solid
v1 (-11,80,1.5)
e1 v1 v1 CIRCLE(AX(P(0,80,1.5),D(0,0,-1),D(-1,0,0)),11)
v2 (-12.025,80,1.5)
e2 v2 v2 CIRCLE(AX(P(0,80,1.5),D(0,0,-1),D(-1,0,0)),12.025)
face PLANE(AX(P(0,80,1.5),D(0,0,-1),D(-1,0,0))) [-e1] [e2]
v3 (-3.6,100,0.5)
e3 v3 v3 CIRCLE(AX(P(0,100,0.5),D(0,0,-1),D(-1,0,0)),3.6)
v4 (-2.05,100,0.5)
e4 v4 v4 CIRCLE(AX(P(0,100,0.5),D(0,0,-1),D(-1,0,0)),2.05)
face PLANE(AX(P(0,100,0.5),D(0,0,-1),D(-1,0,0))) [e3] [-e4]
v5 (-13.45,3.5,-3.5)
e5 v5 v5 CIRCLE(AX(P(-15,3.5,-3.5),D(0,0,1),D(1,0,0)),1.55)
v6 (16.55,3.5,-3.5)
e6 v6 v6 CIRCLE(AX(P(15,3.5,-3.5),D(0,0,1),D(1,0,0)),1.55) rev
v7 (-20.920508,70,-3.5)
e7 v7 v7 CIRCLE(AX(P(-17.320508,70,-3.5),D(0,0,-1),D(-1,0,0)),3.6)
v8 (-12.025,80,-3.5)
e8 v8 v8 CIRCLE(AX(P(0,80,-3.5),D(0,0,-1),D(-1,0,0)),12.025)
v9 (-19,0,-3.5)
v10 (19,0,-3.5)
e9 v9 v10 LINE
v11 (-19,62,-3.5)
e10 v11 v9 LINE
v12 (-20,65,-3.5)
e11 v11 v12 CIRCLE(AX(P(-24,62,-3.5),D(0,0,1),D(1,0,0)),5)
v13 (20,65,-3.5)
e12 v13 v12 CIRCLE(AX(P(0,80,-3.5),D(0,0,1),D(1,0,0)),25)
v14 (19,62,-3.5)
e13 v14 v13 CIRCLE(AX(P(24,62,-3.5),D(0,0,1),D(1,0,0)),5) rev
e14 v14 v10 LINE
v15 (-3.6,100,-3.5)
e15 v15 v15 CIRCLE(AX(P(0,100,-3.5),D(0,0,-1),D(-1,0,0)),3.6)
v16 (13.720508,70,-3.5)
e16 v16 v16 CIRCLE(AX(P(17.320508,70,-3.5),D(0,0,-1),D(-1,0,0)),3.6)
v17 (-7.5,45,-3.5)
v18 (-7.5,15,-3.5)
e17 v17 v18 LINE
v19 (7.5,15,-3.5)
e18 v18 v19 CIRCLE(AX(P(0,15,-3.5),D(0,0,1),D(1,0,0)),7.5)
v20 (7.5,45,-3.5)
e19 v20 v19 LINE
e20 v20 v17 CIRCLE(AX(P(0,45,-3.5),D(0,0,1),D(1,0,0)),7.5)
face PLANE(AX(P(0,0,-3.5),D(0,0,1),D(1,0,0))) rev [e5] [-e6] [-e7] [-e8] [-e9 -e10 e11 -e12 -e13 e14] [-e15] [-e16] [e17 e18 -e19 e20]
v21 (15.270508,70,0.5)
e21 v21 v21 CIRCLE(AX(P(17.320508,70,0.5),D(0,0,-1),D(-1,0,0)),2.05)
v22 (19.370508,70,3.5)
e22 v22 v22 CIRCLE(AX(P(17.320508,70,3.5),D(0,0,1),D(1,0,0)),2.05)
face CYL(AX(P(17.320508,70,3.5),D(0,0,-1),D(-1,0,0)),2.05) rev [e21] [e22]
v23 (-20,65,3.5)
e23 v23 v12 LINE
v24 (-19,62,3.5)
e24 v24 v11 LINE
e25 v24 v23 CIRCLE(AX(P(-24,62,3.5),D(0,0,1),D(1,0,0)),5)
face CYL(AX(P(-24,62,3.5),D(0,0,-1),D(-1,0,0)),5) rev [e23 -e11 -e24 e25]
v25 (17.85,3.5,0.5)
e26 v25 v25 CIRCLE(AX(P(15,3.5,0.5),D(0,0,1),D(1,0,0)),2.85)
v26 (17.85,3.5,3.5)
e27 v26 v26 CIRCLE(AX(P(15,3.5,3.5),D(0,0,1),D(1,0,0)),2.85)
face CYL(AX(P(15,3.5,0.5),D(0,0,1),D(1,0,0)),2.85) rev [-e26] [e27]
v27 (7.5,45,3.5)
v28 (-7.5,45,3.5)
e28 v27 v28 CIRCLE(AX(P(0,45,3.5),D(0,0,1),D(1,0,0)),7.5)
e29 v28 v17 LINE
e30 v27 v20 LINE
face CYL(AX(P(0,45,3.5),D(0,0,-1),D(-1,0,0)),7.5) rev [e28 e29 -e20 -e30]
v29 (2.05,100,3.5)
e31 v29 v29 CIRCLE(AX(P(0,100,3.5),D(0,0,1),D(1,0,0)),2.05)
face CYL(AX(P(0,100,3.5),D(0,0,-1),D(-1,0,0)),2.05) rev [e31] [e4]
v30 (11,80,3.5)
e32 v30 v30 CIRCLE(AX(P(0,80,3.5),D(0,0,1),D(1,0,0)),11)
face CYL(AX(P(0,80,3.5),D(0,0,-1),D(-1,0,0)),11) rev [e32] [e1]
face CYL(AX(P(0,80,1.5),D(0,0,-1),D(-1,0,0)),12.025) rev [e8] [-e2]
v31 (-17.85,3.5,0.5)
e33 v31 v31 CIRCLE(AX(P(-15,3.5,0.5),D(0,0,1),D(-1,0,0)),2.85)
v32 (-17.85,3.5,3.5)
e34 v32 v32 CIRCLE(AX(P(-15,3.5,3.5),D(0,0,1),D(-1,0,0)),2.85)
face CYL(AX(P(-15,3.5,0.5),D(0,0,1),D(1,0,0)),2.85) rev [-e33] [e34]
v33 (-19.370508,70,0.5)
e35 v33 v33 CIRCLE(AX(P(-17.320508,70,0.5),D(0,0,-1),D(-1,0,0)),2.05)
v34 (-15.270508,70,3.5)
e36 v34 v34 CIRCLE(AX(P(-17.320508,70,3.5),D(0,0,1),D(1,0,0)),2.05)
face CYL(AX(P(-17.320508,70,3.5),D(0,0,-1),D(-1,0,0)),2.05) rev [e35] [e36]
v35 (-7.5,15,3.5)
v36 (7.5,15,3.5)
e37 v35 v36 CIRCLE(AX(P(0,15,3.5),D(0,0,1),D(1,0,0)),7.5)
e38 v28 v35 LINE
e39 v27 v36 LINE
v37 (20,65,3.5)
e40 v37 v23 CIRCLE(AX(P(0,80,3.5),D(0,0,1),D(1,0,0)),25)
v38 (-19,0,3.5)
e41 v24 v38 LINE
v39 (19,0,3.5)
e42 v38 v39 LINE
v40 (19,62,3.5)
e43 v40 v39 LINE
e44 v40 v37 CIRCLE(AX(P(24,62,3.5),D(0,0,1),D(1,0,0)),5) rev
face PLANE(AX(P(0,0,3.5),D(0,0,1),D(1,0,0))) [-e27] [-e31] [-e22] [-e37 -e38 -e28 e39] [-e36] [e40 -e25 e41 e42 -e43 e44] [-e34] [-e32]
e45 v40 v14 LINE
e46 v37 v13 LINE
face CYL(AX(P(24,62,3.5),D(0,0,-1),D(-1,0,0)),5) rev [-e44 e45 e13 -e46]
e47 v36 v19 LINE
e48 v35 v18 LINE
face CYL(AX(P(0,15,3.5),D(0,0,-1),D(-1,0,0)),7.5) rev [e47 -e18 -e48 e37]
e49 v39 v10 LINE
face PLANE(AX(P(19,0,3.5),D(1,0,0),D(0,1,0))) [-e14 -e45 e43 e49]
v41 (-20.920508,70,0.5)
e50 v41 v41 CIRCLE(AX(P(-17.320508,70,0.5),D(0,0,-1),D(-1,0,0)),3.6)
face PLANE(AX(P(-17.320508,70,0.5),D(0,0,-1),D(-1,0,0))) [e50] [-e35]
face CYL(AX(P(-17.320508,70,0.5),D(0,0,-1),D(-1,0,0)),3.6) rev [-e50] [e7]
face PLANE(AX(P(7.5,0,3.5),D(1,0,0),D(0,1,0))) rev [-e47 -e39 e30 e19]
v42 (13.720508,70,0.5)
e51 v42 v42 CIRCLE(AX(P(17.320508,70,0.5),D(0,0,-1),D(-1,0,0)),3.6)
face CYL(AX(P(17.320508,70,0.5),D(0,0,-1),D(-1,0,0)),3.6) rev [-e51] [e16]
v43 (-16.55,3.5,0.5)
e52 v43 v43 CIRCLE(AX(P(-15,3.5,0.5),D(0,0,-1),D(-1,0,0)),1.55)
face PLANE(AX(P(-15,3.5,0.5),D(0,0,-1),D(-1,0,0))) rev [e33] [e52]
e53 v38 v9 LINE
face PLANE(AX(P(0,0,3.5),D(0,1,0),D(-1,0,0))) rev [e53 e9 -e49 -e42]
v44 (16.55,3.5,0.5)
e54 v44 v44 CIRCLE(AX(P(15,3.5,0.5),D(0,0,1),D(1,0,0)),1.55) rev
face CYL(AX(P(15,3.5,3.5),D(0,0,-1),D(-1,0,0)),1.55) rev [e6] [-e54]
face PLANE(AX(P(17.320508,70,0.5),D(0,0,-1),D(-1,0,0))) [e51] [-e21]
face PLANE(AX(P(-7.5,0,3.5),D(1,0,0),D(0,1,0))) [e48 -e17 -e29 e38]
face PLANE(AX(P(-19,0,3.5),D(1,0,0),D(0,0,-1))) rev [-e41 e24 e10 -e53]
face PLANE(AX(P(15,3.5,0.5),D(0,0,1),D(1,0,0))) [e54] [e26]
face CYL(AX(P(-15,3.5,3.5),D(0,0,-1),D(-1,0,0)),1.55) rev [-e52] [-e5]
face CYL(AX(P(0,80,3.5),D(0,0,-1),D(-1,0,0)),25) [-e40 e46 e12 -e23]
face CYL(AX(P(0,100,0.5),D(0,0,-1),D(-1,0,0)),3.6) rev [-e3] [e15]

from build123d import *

# Parameters (mm, degrees)
SKETCH_1_R         = 1.55
SKETCH_1_R_2       = 2.05
SKETCH_1_R_3       = 11
EXTRUDE_1_DEPTH    = 3.5
SKETCH1_R          = 12.025
CUT_EXTRUDE2_DEPTH = 5
SKETCH2_R          = 2.85
CUT_EXTRUDE3_DEPTH = 3
SKETCH3_R          = 3.6
CUT_EXTRUDE4_DEPTH = 4


with BuildPart() as part:
    # 草图1 → 凸台-拉伸1 (new, symmetric)
    with BuildSketch(Plane.XY):
        with BuildLine():
            Line((-19, 0), (19, 0))
            Line((19, 0), (19, 62))
            ThreePointArc((19, 62), (19.25658351, 63.58113883), (20, 65))
            ThreePointArc((20, 65), (0, 105), (-20, 65))
            ThreePointArc((-20, 65), (-19.25658351, 63.58113883), (-19, 62))
            Line((-19, 62), (-19, 0))
        make_face()
        with BuildLine():
            ThreePointArc((-7.5, 45), (0, 52.5), (7.5, 45))
            Line((7.5, 45), (7.5, 15))
            ThreePointArc((7.5, 15), (0, 7.5), (-7.5, 15))
            Line((-7.5, 15), (-7.5, 45))
        make_face(mode=Mode.SUBTRACT)
        with Locations((-15, 3.5)):
            Circle(SKETCH_1_R, mode=Mode.SUBTRACT)
        with Locations((15, 3.5)):
            Circle(SKETCH_1_R, mode=Mode.SUBTRACT)
        with Locations((0, 100)):
            Circle(SKETCH_1_R_2, mode=Mode.SUBTRACT)
        with Locations((-17.320508076, 70)):
            Circle(SKETCH_1_R_2, mode=Mode.SUBTRACT)
        with Locations((0, 80)):
            Circle(SKETCH_1_R_3, mode=Mode.SUBTRACT)
        with Locations((17.320508076, 70)):
            Circle(SKETCH_1_R_2, mode=Mode.SUBTRACT)
    extrude(amount=EXTRUDE_1_DEPTH, both=True)

    # Sketch1 → Cut-Extrude2 (cut)
    with BuildSketch(Plane(origin=(0, 0, -3.5), x_dir=(-1, 0, 0), z_dir=(0, 0, -1))):
        with Locations((0, 80)):
            Circle(SKETCH1_R)
    extrude(amount=-CUT_EXTRUDE2_DEPTH, mode=Mode.SUBTRACT)

    # Sketch2 → Cut-Extrude3 (cut)
    with BuildSketch(Plane.XY.offset(3.5)):
        with Locations((15, 3.5)):
            Circle(SKETCH2_R)
        with Locations(Location((-15, 3.5, 0), (0, 0, 180))):
            Circle(SKETCH2_R)
    extrude(amount=-CUT_EXTRUDE3_DEPTH, mode=Mode.SUBTRACT)

    # Sketch3 → Cut-Extrude4 (cut)
    with BuildSketch(Plane(origin=(0, 0, -3.5), x_dir=(-1, 0, 0), z_dir=(0, 0, -1))):
        with Locations((0, 100)):
            Circle(SKETCH3_R)
        with Locations((17.320508076, 70)):
            Circle(SKETCH3_R)
        with Locations((-17.320508076, 70)):
            Circle(SKETCH3_R)
    extrude(amount=-CUT_EXTRUDE4_DEPTH, mode=Mode.SUBTRACT)


solid = part.part
